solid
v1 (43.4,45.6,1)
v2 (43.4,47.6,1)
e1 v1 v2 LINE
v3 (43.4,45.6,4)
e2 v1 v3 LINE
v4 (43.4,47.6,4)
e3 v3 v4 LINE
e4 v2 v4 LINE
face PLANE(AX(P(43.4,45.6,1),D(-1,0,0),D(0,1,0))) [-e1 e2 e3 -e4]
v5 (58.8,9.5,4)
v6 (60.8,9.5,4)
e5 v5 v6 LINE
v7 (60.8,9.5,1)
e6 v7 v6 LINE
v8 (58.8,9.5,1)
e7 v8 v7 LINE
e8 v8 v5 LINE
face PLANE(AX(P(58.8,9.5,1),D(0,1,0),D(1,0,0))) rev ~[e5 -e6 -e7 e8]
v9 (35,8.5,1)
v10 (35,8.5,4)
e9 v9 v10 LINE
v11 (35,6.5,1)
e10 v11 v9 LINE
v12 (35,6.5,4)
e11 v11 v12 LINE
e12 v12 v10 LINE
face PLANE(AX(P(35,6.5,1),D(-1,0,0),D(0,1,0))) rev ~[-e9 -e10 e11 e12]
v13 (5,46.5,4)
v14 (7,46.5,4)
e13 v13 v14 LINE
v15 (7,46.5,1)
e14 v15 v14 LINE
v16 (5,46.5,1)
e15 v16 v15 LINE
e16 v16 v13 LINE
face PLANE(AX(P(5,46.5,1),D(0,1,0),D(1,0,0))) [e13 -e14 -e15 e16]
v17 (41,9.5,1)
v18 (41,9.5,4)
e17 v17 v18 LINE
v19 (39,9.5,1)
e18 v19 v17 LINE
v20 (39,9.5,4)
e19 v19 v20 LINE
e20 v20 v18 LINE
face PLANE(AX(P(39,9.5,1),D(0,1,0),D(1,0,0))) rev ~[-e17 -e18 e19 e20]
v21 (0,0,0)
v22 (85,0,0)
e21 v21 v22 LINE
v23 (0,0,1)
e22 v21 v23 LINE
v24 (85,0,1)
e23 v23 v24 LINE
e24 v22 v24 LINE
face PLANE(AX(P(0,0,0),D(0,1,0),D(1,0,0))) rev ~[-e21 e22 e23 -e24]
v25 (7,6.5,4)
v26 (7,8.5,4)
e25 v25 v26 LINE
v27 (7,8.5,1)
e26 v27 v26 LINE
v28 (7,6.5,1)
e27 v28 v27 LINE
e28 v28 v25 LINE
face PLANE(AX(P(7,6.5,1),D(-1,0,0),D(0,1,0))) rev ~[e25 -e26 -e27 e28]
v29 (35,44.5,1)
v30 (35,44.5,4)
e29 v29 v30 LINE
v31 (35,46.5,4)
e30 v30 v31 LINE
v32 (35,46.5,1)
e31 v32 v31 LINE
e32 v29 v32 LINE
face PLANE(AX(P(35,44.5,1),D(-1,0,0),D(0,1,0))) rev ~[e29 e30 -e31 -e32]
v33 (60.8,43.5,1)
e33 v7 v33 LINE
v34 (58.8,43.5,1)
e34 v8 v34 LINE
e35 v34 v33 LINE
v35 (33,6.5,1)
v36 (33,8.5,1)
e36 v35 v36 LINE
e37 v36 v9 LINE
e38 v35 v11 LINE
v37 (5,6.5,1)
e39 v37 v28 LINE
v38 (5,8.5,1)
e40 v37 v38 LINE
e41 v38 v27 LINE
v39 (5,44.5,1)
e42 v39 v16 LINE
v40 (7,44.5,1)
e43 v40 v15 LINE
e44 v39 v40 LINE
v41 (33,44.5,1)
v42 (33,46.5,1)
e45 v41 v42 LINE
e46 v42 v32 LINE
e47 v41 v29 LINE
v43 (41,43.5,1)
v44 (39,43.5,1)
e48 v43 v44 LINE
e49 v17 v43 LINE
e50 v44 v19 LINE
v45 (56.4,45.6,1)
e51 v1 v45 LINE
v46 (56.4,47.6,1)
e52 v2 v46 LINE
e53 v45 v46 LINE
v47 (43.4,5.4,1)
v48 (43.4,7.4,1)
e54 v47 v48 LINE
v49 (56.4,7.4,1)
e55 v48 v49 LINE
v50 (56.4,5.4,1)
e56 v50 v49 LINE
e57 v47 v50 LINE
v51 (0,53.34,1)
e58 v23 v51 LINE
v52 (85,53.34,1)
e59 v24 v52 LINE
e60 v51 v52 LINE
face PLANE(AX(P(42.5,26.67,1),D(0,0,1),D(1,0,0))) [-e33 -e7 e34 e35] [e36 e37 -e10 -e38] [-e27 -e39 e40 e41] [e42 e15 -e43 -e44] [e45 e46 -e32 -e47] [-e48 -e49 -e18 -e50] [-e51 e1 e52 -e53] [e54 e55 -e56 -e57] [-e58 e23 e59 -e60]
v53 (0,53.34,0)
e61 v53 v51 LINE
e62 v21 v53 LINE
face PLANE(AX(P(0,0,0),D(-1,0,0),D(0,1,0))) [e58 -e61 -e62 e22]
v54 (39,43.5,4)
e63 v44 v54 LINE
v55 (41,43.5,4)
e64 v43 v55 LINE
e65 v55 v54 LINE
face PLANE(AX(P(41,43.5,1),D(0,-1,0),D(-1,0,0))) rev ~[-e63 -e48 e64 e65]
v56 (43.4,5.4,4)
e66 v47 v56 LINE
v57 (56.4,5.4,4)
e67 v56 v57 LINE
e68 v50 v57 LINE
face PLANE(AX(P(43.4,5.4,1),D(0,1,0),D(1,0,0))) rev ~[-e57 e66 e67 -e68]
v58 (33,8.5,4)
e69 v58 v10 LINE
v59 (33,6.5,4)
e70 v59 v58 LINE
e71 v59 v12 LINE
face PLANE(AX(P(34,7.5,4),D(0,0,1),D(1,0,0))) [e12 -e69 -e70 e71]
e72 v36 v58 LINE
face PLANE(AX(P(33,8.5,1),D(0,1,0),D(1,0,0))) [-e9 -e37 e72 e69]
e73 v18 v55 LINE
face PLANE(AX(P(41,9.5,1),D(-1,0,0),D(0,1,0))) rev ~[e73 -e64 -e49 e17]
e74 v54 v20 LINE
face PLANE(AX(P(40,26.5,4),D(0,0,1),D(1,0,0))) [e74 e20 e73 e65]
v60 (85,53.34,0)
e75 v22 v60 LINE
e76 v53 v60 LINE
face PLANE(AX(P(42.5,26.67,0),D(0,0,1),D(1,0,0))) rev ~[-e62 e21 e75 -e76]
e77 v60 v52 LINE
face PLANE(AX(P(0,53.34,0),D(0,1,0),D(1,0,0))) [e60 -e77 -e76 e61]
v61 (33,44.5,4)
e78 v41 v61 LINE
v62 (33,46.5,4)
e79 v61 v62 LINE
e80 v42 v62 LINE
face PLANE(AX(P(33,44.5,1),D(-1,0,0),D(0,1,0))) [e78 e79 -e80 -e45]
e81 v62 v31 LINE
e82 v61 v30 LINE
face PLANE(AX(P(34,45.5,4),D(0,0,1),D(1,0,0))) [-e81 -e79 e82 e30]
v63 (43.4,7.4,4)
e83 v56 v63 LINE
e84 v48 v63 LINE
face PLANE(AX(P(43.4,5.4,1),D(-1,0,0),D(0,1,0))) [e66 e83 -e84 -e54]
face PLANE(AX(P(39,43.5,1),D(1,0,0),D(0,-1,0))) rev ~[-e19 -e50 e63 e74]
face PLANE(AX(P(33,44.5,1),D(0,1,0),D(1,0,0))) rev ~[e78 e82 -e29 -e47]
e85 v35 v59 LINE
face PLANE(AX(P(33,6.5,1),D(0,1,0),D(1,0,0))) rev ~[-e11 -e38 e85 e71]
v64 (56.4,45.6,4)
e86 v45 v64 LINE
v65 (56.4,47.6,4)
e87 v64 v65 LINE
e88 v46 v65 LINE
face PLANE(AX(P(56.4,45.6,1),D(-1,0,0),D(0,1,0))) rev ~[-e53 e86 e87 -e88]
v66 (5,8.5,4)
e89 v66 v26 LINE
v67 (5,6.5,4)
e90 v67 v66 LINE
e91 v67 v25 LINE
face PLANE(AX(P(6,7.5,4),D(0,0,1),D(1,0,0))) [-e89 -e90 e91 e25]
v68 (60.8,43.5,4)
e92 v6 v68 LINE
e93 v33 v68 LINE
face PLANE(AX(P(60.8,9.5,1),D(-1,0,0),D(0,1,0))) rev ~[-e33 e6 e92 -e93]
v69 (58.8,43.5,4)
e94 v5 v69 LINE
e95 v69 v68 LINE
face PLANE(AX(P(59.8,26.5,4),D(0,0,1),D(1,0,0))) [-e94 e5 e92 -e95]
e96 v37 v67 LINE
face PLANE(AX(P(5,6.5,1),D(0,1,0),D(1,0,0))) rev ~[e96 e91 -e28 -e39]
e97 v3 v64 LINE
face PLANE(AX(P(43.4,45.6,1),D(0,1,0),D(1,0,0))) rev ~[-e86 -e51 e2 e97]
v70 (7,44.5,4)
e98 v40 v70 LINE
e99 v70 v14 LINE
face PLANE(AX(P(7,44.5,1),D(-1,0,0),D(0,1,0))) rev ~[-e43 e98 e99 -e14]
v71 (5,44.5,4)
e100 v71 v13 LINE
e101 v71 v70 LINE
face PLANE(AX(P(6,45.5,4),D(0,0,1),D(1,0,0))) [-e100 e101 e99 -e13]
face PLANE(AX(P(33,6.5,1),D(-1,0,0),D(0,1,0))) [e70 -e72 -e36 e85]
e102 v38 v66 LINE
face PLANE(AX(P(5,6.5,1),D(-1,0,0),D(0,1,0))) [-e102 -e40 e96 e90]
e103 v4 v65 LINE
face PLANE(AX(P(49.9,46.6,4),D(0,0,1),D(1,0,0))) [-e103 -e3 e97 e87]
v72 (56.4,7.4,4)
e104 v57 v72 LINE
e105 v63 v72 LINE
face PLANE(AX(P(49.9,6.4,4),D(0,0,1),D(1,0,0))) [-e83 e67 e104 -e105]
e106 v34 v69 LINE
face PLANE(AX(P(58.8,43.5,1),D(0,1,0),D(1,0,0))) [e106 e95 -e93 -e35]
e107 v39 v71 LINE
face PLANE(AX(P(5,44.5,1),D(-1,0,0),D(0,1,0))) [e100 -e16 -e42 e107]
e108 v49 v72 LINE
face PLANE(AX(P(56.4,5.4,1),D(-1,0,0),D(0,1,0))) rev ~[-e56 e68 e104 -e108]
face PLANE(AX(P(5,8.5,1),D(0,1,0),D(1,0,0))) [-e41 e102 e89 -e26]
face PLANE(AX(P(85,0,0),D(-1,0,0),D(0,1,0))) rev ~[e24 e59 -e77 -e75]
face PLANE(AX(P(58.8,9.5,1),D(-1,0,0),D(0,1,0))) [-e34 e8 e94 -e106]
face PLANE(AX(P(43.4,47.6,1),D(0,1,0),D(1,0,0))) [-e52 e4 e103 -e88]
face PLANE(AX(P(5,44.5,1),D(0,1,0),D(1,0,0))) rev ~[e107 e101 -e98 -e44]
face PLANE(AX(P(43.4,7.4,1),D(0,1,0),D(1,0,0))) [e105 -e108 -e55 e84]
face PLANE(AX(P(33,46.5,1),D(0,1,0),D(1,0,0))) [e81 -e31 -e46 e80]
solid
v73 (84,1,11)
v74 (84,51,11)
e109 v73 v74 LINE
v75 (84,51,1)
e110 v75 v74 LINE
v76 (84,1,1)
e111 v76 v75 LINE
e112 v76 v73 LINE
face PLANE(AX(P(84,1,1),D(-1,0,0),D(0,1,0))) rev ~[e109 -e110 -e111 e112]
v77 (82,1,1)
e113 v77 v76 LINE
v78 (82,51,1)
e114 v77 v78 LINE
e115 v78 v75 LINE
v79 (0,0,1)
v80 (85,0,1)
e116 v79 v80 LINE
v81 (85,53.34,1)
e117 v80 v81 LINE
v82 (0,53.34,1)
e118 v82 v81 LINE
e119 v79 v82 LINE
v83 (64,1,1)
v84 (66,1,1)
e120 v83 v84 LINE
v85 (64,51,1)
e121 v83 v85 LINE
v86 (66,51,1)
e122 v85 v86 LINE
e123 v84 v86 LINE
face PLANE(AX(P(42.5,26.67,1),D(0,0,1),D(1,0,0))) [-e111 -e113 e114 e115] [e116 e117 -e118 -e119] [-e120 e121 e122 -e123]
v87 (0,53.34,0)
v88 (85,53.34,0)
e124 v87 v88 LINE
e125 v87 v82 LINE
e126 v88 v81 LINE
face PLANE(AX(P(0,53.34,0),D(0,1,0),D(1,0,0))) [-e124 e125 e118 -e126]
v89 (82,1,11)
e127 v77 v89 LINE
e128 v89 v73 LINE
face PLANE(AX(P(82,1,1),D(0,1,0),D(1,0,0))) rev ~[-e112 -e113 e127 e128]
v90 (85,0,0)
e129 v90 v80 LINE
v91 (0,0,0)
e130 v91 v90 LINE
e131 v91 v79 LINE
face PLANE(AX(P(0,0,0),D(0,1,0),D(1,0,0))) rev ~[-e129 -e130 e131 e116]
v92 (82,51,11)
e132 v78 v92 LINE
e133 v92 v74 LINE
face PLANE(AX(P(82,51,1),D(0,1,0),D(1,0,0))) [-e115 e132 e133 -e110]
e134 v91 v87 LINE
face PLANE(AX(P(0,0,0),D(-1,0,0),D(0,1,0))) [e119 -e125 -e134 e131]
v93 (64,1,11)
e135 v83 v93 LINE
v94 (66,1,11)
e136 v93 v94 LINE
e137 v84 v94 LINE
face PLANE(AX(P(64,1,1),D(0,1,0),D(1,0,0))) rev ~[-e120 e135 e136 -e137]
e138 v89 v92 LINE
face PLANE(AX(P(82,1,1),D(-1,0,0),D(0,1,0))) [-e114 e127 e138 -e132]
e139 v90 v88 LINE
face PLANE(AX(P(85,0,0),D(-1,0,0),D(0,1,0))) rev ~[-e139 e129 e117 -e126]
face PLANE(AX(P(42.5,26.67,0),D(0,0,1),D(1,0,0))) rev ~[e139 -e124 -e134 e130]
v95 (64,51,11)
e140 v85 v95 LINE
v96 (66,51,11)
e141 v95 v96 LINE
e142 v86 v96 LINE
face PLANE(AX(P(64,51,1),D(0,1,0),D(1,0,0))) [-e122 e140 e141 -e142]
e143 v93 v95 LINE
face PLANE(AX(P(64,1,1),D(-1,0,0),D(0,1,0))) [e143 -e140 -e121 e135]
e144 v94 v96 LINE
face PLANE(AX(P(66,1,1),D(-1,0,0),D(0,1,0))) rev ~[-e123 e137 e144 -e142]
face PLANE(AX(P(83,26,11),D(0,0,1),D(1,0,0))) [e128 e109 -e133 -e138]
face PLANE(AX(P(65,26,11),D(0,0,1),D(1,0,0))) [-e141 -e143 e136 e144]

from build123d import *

# Parameters (mm, degrees)
SKETCH_W      = 85
SKETCH_H      = 53.34
PAD_DEPTH     = 1
SKETCH002_W   = 2
SKETCH002_H   = 50
PAD001_DEPTH  = 10
SKETCH001_W   = 2
SKETCH001_H   = 2
SKETCH001_W_2 = 13
SKETCH001_H_2 = 34
PAD002_DEPTH  = 3


with BuildPart() as pad:
    # Sketch → Pad (new body)
    with BuildSketch(Plane.XY):
        with Locations((42.5, 26.67)):
            Rectangle(SKETCH_W, SKETCH_H)
    extrude(amount=PAD_DEPTH)


with BuildPart() as pad001:
    # Pad001 base: copy of Pad
    add(pad.part)

    # Sketch002 → Pad001 (new body)
    with BuildSketch(Plane.XY.offset(1)):
        with Locations((65, 26)):
            Rectangle(SKETCH002_W, SKETCH002_H)
        with Locations((83, 26)):
            Rectangle(SKETCH002_W, SKETCH002_H)
    extrude(amount=PAD001_DEPTH)


with BuildPart() as pad002:
    # Pad002 base: copy of Pad
    add(pad.part)

    # Sketch001 → Pad002 (new body)
    with BuildSketch(Plane.XY.offset(1)):
        with Locations((6, 45.5)):
            Rectangle(SKETCH001_W, SKETCH001_H)
        with Locations((6, 7.5)):
            Rectangle(SKETCH001_W, SKETCH001_H)
        with Locations((34, 45.5)):
            Rectangle(SKETCH001_W, SKETCH001_H)
        with Locations((34, 7.5)):
            Rectangle(SKETCH001_W, SKETCH001_H)
        with Locations((49.9, 6.4)):
            Rectangle(SKETCH001_W_2, SKETCH001_H)
        with Locations((49.9, 46.6)):
            Rectangle(SKETCH001_W_2, SKETCH001_H)
        Polygon((41, 43.5), (39, 43.5), (39, 9.5), (41, 9.5), (41, 26.5), align=None)
        with Locations((59.8, 26.5)):
            Rectangle(SKETCH001_W, SKETCH001_H_2)
    extrude(amount=PAD002_DEPTH)


solid = Compound([pad001.part, pad002.part])
